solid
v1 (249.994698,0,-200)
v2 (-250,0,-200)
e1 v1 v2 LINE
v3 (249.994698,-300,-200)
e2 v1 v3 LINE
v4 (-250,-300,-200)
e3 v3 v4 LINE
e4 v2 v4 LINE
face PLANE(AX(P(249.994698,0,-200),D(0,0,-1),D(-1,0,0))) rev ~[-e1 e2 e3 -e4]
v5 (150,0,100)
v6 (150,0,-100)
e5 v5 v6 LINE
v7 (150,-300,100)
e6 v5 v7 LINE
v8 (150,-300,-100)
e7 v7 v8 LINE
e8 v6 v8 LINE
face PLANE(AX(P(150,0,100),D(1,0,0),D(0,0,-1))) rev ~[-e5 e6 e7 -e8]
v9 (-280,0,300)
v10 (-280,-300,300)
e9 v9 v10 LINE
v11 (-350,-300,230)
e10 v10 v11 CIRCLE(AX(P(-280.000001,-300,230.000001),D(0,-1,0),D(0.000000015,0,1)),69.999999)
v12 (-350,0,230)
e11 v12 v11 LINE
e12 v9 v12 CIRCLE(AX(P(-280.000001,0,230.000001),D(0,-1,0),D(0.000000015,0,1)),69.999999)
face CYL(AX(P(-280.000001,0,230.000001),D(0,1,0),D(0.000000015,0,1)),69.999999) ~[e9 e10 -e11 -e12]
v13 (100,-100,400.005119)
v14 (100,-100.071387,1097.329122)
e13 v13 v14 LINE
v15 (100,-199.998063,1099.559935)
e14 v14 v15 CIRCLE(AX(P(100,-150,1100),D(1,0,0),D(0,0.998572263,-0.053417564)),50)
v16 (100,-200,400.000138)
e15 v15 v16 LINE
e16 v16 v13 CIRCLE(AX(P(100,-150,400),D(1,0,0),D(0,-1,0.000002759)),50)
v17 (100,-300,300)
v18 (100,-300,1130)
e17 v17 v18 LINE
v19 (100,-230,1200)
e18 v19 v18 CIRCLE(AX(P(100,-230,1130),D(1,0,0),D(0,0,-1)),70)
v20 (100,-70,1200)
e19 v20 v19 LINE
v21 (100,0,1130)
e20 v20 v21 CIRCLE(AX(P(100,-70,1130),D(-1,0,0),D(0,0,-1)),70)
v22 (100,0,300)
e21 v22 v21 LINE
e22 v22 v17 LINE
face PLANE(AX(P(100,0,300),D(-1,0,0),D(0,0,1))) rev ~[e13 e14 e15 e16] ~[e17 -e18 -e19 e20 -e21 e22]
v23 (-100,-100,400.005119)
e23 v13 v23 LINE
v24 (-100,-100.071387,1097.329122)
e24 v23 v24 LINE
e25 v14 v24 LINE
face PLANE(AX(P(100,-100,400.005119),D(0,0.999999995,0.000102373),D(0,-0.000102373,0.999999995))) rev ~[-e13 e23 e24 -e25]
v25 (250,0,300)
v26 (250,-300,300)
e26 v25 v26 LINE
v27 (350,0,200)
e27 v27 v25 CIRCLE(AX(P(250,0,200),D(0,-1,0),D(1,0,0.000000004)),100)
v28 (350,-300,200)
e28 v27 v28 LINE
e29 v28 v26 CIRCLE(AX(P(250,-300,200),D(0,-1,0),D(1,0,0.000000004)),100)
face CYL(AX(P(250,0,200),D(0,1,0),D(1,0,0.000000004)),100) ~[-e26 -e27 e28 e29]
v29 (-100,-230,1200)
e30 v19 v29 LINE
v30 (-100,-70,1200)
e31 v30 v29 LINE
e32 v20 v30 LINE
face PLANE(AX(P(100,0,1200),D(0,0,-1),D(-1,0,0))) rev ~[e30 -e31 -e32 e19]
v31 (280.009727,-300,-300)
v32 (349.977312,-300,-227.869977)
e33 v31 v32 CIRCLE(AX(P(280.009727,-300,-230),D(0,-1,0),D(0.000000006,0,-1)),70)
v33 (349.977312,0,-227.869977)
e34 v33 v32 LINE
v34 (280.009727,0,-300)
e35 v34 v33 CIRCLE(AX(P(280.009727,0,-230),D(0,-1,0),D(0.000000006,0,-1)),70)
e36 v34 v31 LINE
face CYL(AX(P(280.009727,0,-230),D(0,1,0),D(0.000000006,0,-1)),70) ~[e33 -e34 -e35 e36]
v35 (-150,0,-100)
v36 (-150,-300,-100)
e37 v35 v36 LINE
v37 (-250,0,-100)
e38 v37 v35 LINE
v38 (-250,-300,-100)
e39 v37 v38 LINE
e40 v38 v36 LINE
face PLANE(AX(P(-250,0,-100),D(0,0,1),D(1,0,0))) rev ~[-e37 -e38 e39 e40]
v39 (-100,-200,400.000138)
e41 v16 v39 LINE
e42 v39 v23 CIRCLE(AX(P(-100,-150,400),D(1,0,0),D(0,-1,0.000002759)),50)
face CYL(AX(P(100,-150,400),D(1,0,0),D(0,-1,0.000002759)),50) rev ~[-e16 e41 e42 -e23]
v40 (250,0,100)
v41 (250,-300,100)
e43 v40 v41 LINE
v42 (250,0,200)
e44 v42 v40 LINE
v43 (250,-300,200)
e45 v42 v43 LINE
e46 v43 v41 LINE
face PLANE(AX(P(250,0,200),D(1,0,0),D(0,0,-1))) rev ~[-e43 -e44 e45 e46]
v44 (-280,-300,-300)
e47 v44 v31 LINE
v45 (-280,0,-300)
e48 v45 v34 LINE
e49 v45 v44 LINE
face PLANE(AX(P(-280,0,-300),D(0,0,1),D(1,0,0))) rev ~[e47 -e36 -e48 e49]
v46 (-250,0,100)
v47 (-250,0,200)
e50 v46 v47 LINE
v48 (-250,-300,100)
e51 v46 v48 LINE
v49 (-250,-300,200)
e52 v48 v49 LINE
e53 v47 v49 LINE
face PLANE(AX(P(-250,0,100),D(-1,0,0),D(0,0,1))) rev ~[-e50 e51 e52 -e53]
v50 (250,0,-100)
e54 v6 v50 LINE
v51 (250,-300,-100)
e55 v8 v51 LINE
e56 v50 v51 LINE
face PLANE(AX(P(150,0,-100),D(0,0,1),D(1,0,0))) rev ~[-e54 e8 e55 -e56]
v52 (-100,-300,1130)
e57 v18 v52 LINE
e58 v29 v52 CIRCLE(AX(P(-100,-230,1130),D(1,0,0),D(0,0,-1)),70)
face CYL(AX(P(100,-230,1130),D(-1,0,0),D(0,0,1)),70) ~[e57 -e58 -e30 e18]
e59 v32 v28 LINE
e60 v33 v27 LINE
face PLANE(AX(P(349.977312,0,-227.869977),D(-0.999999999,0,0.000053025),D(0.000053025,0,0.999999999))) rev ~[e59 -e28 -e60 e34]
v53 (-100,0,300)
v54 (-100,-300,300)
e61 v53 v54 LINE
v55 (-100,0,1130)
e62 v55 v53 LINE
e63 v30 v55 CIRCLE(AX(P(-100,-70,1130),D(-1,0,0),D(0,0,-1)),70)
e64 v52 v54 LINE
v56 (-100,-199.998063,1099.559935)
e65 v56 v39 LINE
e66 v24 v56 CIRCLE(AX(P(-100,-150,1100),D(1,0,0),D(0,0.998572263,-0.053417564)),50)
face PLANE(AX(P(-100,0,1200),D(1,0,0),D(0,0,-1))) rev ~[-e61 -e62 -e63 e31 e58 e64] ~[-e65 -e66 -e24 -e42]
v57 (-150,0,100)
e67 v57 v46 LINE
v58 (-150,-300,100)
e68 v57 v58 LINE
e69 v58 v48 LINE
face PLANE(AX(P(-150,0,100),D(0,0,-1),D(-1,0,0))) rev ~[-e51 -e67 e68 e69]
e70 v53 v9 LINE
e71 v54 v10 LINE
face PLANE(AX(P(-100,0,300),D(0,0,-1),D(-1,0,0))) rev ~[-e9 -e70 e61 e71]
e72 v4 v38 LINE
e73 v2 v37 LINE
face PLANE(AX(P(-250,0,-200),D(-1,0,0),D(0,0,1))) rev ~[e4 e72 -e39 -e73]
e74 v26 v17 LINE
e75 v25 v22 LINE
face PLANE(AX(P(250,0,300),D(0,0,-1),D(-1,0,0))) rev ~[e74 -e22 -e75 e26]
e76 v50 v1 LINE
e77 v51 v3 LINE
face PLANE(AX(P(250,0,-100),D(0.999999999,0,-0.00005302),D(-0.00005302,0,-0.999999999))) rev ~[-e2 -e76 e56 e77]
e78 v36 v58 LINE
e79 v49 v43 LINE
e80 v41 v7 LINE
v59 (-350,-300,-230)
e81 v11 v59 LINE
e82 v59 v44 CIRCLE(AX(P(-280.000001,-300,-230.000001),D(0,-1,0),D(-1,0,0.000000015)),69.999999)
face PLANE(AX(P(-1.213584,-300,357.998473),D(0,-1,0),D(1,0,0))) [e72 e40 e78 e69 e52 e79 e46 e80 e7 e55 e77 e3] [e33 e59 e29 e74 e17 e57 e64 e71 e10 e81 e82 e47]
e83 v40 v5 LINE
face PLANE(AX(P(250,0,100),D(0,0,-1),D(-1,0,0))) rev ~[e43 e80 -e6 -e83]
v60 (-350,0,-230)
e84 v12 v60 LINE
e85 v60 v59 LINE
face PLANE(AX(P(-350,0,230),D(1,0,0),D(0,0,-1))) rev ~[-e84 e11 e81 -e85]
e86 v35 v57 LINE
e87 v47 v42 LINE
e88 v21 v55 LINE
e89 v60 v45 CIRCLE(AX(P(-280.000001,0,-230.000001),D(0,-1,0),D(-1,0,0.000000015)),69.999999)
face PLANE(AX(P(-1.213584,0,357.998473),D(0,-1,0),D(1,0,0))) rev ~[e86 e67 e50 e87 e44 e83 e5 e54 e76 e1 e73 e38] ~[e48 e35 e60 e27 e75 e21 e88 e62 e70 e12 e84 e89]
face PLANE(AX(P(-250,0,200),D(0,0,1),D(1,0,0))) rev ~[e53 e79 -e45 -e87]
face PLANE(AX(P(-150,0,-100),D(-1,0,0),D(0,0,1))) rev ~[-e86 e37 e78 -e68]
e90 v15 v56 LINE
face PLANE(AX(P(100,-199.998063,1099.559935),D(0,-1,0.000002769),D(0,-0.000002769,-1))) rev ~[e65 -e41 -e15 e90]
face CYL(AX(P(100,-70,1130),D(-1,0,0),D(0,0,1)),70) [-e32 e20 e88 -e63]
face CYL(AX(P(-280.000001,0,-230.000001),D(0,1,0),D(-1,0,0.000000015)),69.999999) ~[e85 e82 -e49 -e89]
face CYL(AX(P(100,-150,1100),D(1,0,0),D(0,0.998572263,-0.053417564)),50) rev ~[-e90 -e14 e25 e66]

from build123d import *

# Parameters (mm, degrees)
F1_DEPTH = 300
F2_R     = 70
F4_DEPTH = 1454


with BuildPart() as f1:
    # F0 (on Front) → F1 (new body)
    with BuildSketch(Plane.XZ):
        with BuildLine():
            Line((-280, -300), (280.009727, -300))
            ThreePointArc((280.009727, -300), (330.254635, -278.73858), (349.977312, -227.869977))
            Line((349.977312, -227.869977), (350, 200))
            ThreePointArc((350, 200), (320.710678, 270.710678), (250, 300))
            Line((250, 300), (100, 300))
            Line((100, 300), (100, 1200))
            Line((100, 1200), (-100, 1200))
            Line((-100, 1200), (-100, 300))
            Line((-100, 300), (-280, 300))
            ThreePointArc((-280, 300), (-329.497475, 279.497475), (-350, 230))
            Line((-350, 230), (-350, -230))
            ThreePointArc((-350, -230), (-329.497475, -279.497475), (-280, -300))
        make_face()
        Polygon((-250, 100), (-250, 200), (250, 200), (250, 100), (150, 100), (150, -100), (250, -100), (249.994698, -200), (-250, -200), (-250, -100), (-150, -100), (-150, 100), align=None, mode=Mode.SUBTRACT)
    extrude(amount=F1_DEPTH)

    # F2
    f2_edges = [f1.edges().sort_by_distance(p)[0] for p in [
        (0, 0, 1200),
        (0, -300, 1200),
    ]]
    fillet(f2_edges, radius=F2_R)


with BuildPart() as f4:
    # F3 (on face) → F4 (new body)
    with BuildSketch(Plane.YZ.offset(100)):
        with BuildLine():
            Line((-100, 400.005119), (-100.071387, 1097.329122))
            ThreePointArc((-100.071387, 1097.329122), (-148.884053, 1149.987545), (-199.998063, 1099.559935))
            Line((-199.998063, 1099.559935), (-200, 400.000138))
            ThreePointArc((-200, 400.000138), (-149.99751, 350), (-100, 400.005119))
        make_face()
    extrude(amount=-F4_DEPTH)


with BuildPart() as f1_1:
    add(f1.part)

    # F5: cut F4
    add(f4.part, mode=Mode.SUBTRACT)


solid = f1_1.part
